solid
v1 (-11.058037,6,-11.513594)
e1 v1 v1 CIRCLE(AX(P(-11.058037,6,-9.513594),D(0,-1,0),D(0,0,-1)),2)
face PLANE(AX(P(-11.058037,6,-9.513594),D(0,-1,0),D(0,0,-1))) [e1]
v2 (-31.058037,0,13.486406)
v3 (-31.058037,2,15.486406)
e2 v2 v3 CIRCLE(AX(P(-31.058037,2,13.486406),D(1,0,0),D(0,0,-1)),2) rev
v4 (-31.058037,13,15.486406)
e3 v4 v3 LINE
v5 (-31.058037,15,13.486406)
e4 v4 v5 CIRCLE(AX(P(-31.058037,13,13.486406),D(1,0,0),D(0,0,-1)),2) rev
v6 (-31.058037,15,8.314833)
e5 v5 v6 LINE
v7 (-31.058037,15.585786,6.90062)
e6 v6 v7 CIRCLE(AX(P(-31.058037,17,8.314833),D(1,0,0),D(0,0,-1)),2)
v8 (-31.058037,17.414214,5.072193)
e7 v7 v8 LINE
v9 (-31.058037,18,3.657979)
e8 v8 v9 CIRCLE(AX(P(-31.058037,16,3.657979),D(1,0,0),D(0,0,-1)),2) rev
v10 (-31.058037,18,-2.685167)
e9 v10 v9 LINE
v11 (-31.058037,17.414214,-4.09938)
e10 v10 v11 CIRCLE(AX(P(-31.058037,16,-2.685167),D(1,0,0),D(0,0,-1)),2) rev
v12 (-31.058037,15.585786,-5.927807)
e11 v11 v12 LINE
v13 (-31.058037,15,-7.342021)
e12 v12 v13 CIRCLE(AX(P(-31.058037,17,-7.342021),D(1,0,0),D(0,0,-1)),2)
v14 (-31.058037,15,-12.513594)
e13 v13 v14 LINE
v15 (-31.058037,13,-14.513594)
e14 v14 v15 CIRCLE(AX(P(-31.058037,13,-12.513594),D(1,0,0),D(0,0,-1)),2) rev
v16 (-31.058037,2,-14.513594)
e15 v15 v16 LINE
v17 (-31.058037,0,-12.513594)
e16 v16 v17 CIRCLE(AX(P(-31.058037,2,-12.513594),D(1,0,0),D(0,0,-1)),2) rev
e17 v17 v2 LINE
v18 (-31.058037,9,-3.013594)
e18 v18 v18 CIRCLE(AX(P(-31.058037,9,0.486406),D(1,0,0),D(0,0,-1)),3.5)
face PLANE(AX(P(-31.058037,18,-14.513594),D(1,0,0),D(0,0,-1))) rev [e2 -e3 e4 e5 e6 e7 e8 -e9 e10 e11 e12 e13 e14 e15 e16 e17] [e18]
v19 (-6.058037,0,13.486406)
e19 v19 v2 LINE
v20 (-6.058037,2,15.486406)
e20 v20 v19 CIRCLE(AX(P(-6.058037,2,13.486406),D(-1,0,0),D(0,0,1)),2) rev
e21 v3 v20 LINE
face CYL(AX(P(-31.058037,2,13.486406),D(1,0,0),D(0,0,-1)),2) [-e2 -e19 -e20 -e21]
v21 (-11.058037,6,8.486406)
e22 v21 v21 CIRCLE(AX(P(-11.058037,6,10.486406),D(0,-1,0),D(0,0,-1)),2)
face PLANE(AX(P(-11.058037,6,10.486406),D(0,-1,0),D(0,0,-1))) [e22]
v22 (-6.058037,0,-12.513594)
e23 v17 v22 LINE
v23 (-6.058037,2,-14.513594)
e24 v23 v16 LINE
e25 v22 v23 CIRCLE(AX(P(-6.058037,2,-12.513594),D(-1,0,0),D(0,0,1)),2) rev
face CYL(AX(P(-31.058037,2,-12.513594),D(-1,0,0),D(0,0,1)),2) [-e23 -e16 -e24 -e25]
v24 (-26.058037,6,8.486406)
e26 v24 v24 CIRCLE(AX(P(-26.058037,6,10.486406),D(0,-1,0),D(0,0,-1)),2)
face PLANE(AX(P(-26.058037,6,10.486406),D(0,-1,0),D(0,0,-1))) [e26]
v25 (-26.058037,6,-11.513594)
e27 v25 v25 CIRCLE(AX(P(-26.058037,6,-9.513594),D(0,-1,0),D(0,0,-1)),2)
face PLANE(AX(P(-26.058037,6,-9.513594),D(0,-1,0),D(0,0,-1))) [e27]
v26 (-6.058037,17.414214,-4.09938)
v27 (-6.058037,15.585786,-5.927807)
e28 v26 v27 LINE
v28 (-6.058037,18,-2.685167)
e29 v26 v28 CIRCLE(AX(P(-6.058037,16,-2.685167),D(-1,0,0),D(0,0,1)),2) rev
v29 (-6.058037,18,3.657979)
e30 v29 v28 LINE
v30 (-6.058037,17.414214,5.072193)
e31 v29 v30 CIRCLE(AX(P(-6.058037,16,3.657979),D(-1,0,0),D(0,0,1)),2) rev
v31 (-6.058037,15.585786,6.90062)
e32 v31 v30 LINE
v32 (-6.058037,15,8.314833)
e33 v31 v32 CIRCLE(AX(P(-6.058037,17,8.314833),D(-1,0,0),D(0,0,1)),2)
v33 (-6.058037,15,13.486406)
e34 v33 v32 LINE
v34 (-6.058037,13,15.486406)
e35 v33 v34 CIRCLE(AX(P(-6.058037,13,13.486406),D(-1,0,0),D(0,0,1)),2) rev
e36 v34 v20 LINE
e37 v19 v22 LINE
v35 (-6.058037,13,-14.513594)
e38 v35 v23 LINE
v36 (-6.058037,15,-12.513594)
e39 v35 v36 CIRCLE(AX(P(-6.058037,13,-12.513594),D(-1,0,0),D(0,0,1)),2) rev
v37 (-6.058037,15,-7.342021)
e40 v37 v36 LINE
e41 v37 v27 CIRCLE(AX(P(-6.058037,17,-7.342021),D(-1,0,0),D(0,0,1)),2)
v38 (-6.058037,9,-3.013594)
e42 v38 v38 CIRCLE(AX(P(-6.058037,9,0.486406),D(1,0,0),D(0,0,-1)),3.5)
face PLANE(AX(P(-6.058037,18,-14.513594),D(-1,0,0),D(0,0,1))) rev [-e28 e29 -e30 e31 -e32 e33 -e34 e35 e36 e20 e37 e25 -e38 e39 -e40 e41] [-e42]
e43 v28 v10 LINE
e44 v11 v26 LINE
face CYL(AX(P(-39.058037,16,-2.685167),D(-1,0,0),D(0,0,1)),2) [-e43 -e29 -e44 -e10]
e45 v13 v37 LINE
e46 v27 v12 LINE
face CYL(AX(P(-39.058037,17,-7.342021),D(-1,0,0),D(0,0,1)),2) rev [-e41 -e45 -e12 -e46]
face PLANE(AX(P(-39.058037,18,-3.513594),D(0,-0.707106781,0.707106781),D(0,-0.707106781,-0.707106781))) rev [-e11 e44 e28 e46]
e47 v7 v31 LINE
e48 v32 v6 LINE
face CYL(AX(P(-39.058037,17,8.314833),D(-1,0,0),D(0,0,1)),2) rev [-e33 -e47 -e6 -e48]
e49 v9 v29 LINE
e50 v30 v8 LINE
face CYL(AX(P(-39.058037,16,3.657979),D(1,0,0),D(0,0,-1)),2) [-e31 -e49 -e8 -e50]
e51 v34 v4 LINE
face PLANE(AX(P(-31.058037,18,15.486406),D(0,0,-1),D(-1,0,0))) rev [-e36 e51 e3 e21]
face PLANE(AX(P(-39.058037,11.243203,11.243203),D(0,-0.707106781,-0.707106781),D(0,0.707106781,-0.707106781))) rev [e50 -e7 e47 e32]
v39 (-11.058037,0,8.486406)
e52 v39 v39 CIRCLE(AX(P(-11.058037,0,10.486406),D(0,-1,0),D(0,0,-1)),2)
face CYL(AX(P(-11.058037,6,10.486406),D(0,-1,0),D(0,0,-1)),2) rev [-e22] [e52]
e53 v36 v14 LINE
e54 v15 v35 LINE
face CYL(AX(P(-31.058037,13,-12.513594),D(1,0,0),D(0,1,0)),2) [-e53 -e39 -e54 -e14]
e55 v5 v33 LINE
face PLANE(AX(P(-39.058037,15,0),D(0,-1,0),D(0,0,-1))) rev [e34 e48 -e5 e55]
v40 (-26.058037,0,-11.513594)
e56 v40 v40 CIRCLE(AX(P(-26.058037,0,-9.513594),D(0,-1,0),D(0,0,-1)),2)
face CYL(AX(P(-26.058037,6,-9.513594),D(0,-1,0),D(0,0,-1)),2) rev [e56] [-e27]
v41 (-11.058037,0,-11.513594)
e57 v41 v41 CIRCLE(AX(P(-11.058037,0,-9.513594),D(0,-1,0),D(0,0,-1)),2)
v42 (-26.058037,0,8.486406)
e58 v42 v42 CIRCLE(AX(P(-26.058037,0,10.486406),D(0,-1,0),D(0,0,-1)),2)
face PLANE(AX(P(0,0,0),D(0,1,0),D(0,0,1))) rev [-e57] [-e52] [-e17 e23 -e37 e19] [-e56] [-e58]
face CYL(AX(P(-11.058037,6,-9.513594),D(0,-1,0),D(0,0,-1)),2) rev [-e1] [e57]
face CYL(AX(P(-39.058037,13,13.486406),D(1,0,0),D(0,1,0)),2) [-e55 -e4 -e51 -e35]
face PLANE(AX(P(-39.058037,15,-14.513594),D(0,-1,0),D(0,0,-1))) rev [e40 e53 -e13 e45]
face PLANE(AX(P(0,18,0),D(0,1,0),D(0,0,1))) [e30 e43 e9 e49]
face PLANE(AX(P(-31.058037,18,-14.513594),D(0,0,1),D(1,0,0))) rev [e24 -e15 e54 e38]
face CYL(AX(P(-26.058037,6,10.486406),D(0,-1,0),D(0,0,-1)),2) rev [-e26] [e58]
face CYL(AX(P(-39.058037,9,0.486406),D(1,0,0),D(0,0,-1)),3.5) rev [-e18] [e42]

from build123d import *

# Parameters (mm, degrees)
SKETCH_1_W          = 25
SKETCH_1_H          = 30
EXTRUDE_2_DEPTH     = 18
CUT_EXTRUDE_1_DEPTH = 33
CUT_EXTRUDE_2_DEPTH = 33
SKETCH_6_R          = 3.5
CUT_EXTRUDE_3_DEPTH = 33
SKETCH_8_R          = 2
CUT_EXTRUDE_4_DEPTH = 6
FILLET_2_R          = 2


with BuildPart() as part:
    # 草图1 → 凸台-拉伸2 (new body)
    with BuildSketch(Plane(origin=(0, 0, 0), x_dir=(1, 0, 0), z_dir=(0, 1, 0))):
        with Locations((-18.558036971, -0.486406136)):
            Rectangle(SKETCH_1_W, SKETCH_1_H)
    extrude(amount=EXTRUDE_2_DEPTH)

    # 草图3 → 切除-拉伸1 (cut)
    with BuildSketch(Plane(origin=(-6.058036971, 0, 0), x_dir=(0, 0, -1), z_dir=(1, 0, 0))):
        Polygon((-15.486406136, 15), (-7.486406136, 15), (-4.486406136, 18), (-15.486406136, 18), align=None)
    extrude(amount=-CUT_EXTRUDE_1_DEPTH, mode=Mode.SUBTRACT)

    # 草图5 → 切除-拉伸2 (cut)
    with BuildSketch(Plane(origin=(-6.058036971, 0, 0), x_dir=(0, 0, -1), z_dir=(1, 0, 0))):
        Polygon((14.513593864, 18), (14.513593864, 15), (6.513593864, 15), (3.513593864, 18), align=None)
    extrude(amount=-CUT_EXTRUDE_2_DEPTH, mode=Mode.SUBTRACT)

    # 草图6 → 切除-拉伸3 (cut)
    with BuildSketch(Plane(origin=(-6.058036971, 0, 0), x_dir=(0, 0, -1), z_dir=(1, 0, 0))):
        with Locations((-0.486406136, 9)):
            Circle(SKETCH_6_R)
    extrude(amount=-CUT_EXTRUDE_3_DEPTH, mode=Mode.SUBTRACT)

    # 草图8 → 切除-拉伸4 (cut)
    with BuildSketch(Plane.XZ):
        with Locations(Location((-11.058036971, 10.486406136, 0), (0, 0, 270))):
            Circle(SKETCH_8_R)
        with Locations(Location((-11.058036971, -9.513593864, 0), (0, 0, 270))):
            Circle(SKETCH_8_R)
        with Locations(Location((-26.058036971, 10.486406136, 0), (0, 0, 270))):
            Circle(SKETCH_8_R)
        with Locations(Location((-26.058036971, -9.513593864, 0), (0, 0, 270))):
            Circle(SKETCH_8_R)
    extrude(amount=-CUT_EXTRUDE_4_DEPTH, mode=Mode.SUBTRACT)

    # 圆角2
    fillet_2_edges = [part.edges().sort_by_distance(p)[0] for p in [
        (-18.558036971, 18, 4.486406136),
        (-18.558036971, 15, 7.486406136),
        (-18.558036971, 15, 15.486406136),
        (-18.558036971, 18, -3.513593864),
        (-18.558036971, 15, -14.513593864),
        (-18.558036971, 15, -6.513593864),
        (-18.558036971, 0, -14.513593864),
        (-18.558036971, 0, 15.486406136),
    ]]
    fillet(fillet_2_edges, radius=FILLET_2_R)


solid = part.part
